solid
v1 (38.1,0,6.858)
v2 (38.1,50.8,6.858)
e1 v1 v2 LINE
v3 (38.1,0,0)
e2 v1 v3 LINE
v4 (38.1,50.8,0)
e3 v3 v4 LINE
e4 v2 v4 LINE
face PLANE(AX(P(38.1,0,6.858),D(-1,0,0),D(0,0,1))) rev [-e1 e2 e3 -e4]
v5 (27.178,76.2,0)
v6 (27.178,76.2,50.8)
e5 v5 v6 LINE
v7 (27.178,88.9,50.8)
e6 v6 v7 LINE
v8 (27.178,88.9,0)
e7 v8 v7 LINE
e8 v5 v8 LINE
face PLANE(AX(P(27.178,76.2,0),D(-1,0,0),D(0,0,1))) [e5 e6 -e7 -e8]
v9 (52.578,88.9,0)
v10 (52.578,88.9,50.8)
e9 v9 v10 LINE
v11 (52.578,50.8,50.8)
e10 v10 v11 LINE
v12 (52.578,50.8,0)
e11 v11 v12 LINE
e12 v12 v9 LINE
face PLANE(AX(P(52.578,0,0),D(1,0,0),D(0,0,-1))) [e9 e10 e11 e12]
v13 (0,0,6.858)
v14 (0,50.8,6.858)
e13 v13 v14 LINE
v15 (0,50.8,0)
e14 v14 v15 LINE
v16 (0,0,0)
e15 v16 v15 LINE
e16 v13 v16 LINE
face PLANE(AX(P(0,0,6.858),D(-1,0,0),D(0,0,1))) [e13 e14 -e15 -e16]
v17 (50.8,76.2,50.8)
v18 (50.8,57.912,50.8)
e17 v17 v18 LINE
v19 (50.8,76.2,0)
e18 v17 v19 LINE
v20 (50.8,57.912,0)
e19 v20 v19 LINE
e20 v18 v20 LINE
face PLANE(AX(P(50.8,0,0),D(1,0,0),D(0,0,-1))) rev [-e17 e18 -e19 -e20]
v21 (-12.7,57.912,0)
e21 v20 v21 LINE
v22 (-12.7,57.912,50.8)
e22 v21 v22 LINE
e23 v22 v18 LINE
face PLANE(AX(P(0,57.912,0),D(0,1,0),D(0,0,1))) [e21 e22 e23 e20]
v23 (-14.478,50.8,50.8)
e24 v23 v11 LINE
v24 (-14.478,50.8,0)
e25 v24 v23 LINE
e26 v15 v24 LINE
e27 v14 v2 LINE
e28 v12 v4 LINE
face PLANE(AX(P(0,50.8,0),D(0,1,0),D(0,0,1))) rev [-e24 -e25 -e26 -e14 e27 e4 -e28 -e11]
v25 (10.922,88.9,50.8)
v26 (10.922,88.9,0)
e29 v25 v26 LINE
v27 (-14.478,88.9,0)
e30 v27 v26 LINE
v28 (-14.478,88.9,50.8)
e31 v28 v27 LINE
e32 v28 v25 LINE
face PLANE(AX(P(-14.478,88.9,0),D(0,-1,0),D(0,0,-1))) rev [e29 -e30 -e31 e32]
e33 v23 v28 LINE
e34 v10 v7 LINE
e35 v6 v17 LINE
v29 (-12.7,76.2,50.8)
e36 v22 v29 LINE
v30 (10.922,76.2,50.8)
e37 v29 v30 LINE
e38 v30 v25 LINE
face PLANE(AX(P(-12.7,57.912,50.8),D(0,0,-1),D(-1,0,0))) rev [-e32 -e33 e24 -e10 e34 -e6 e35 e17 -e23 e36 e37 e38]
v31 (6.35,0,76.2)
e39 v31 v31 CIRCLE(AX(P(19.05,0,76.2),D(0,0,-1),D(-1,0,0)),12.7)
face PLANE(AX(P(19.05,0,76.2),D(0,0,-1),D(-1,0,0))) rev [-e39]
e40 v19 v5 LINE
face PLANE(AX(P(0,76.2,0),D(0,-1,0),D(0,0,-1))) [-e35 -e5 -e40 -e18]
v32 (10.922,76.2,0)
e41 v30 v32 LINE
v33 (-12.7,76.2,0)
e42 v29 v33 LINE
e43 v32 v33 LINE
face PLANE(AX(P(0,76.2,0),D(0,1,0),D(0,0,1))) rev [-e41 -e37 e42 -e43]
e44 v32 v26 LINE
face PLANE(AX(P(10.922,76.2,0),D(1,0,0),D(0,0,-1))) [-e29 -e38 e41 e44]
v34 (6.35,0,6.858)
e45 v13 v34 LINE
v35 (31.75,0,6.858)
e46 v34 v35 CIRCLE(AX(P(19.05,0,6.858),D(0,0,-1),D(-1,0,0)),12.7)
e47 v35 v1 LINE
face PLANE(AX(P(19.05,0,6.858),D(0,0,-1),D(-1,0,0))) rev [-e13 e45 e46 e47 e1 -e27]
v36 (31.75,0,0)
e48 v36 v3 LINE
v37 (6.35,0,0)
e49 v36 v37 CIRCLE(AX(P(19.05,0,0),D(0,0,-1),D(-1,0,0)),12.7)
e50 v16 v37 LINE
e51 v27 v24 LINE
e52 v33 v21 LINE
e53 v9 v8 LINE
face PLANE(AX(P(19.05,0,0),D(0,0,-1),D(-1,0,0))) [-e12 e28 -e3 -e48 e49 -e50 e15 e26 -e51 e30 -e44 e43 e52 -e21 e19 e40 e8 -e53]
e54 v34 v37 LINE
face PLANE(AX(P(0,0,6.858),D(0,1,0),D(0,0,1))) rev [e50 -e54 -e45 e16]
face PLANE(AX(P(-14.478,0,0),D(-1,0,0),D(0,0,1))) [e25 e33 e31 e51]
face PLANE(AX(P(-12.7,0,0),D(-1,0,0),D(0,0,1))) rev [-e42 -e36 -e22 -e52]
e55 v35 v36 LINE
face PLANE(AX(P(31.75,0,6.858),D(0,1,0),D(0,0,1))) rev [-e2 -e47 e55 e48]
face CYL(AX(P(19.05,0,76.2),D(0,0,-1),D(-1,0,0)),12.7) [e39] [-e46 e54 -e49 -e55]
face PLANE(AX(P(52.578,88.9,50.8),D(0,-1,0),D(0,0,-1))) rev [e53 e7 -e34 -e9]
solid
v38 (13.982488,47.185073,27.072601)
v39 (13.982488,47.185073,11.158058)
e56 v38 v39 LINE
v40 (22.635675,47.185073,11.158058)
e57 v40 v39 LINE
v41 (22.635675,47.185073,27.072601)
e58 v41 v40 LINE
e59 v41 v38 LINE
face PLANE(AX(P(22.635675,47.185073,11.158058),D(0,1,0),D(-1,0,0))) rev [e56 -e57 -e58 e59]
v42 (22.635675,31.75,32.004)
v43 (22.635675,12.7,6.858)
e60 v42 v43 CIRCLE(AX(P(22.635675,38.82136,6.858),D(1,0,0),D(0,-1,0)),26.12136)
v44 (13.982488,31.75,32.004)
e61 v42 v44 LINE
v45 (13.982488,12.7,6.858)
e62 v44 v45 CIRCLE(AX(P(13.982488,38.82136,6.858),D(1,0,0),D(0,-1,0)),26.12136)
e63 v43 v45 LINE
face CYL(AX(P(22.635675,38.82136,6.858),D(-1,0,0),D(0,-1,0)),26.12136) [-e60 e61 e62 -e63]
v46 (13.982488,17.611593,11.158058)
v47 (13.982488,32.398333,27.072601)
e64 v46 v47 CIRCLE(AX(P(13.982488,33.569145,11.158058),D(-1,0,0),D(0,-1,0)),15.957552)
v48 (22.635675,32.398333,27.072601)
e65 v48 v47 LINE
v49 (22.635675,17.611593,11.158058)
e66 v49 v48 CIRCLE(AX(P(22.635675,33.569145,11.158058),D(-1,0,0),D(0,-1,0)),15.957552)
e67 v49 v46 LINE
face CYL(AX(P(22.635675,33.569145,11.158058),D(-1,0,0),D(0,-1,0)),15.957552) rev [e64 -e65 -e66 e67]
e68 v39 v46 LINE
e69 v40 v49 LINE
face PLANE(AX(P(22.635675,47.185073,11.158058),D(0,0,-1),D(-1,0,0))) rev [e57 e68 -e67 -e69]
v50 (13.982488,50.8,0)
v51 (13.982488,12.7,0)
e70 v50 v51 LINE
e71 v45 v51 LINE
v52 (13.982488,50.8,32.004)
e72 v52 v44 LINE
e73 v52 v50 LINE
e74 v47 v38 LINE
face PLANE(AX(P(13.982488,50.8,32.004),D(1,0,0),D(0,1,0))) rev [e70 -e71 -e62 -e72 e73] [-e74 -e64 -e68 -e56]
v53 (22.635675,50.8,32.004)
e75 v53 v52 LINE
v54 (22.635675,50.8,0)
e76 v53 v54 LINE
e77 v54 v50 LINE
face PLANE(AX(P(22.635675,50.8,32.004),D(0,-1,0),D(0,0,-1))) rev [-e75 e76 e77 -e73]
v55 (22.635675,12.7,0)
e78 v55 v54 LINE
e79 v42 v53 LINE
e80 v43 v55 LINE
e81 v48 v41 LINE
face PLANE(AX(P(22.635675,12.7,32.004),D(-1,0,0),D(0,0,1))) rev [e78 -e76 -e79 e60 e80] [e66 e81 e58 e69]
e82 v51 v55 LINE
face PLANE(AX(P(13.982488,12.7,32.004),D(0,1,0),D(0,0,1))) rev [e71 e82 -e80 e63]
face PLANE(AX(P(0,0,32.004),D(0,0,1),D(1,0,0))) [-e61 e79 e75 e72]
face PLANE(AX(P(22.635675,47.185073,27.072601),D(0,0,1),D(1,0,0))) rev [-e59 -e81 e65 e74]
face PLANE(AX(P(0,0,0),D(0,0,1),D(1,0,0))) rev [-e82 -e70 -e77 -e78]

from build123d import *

# Parameters (mm, degrees)
BOSS_EXTRUDE4_DEPTH  = 6.858
SKETCH7_R            = 12.7
BOSS_EXTRUDE5_DEPTH  = 76.2
SKETCH9_W            = 63.5
SKETCH9_H            = 50.8
BOSS_EXTRUDE6_DEPTH  = 7.112
SKETCH11_W           = 50.8
SKETCH11_H           = 38.1
BOSS_EXTRUDE7_DEPTH  = 1.778
SKETCH12_W           = 50.8
SKETCH12_H           = 38.1
BOSS_EXTRUDE8_DEPTH  = 1.778
SKETCH14_W           = 25.4
SKETCH14_H           = 50.8
BOSS_EXTRUDE9_DEPTH  = 12.7
SKETCH15_W           = 25.4
SKETCH15_H           = 50.8
BOSS_EXTRUDE10_DEPTH = 12.7
SKETCH19_W           = 8.653186955
SKETCH19_H           = 38.1
BOSS_EXTRUDE11_DEPTH = 32.004
CUT_EXTRUDE4_DEPTH   = 8.653187
CUT_EXTRUDE5_DEPTH   = 8.653187


with BuildPart() as part:
    # Sketch3 → Boss-Extrude4 (new body)
    with BuildSketch(Plane.XY):
        with BuildLine():
            Line((0, 0), (6.35, 0))
            ThreePointArc((6.35, 0), (19.05, 12.7), (31.75, 0))
            Line((31.75, 0), (38.1, 0))
            Line((38.1, 0), (38.1, 50.8))
            Line((38.1, 50.8), (0, 50.8))
            Line((0, 50.8), (0, 0))
        make_face()
    extrude(amount=BOSS_EXTRUDE4_DEPTH)

    # Sketch7 → Boss-Extrude5 (add)
    with BuildSketch(Plane(origin=(0, 0, 0), x_dir=(-1, 0, 0), z_dir=(0, 0, -1))):
        with Locations((-19.05, 0)):
            Circle(SKETCH7_R)
    extrude(amount=-BOSS_EXTRUDE5_DEPTH)

    # Sketch9 → Boss-Extrude6 (add)
    with BuildSketch(Plane(origin=(0, 50.8, 0), x_dir=(1, 0, 0), z_dir=(0, 1, 0))):
        with Locations((19.05, -25.4)):
            Rectangle(SKETCH9_W, SKETCH9_H)
    extrude(amount=BOSS_EXTRUDE6_DEPTH)

    # Sketch11 → Boss-Extrude7 (add)
    with BuildSketch(Plane(origin=(50.8, 0, 0), x_dir=(0, 0, -1), z_dir=(1, 0, 0))):
        with Locations((-25.4, 69.85)):
            Rectangle(SKETCH11_W, SKETCH11_H)
    extrude(amount=BOSS_EXTRUDE7_DEPTH)

    # Sketch12 → Boss-Extrude8 (add)
    with BuildSketch(Plane.ZY.offset(12.7)):
        with Locations((25.4, 69.85)):
            Rectangle(SKETCH12_W, SKETCH12_H)
    extrude(amount=BOSS_EXTRUDE8_DEPTH)

    # Sketch14 → Boss-Extrude9 (add)
    with BuildSketch(Plane(origin=(0, 88.9, 0), x_dir=(1, 0, 0), z_dir=(0, 1, 0))):
        with Locations((39.878, -25.4)):
            Rectangle(SKETCH14_W, SKETCH14_H)
    extrude(amount=-BOSS_EXTRUDE9_DEPTH)

    # Sketch15 → Boss-Extrude10 (add)
    with BuildSketch(Plane(origin=(0, 88.9, 0), x_dir=(1, 0, 0), z_dir=(0, 1, 0))):
        with Locations((-1.778, -25.4)):
            Rectangle(SKETCH15_W, SKETCH15_H)
    extrude(amount=-BOSS_EXTRUDE10_DEPTH)


with BuildPart() as body_2:
    # Sketch19 → Boss-Extrude11 (new body)
    with BuildSketch(Plane.XY):
        with Locations((18.309081845, 31.75)):
            Rectangle(SKETCH19_W, SKETCH19_H)
    extrude(amount=BOSS_EXTRUDE11_DEPTH)

    # Sketch26 → Cut-Extrude4 (cut)
    with BuildSketch(Plane.ZY.offset(-13.982488368)):
        with BuildLine():
            Line((32.004, 31.75), (32.004, 12.7))
            Line((32.004, 12.7), (6.858, 12.7))
            ThreePointArc((6.858, 12.7), (22.631584057, 18.000229045), (32.004, 31.75))
        make_face()
    extrude(amount=-CUT_EXTRUDE4_DEPTH, mode=Mode.SUBTRACT)

    # Sketch28 → Cut-Extrude5 (cut)
    with BuildSketch(Plane.ZY.offset(-13.982488368)):
        with BuildLine():
            Line((11.158058449, 47.185073314), (11.158058449, 17.611593285))
            ThreePointArc((11.158058449, 17.611593285), (22.019922173, 21.878833952), (27.072600667, 32.3983333))
            Line((27.072600667, 32.3983333), (27.072600667, 47.185073314))
            Line((27.072600667, 47.185073314), (11.158058449, 47.185073314))
        make_face()
    extrude(amount=-CUT_EXTRUDE5_DEPTH, mode=Mode.SUBTRACT)


solid = Compound([part.part, body_2.part])
